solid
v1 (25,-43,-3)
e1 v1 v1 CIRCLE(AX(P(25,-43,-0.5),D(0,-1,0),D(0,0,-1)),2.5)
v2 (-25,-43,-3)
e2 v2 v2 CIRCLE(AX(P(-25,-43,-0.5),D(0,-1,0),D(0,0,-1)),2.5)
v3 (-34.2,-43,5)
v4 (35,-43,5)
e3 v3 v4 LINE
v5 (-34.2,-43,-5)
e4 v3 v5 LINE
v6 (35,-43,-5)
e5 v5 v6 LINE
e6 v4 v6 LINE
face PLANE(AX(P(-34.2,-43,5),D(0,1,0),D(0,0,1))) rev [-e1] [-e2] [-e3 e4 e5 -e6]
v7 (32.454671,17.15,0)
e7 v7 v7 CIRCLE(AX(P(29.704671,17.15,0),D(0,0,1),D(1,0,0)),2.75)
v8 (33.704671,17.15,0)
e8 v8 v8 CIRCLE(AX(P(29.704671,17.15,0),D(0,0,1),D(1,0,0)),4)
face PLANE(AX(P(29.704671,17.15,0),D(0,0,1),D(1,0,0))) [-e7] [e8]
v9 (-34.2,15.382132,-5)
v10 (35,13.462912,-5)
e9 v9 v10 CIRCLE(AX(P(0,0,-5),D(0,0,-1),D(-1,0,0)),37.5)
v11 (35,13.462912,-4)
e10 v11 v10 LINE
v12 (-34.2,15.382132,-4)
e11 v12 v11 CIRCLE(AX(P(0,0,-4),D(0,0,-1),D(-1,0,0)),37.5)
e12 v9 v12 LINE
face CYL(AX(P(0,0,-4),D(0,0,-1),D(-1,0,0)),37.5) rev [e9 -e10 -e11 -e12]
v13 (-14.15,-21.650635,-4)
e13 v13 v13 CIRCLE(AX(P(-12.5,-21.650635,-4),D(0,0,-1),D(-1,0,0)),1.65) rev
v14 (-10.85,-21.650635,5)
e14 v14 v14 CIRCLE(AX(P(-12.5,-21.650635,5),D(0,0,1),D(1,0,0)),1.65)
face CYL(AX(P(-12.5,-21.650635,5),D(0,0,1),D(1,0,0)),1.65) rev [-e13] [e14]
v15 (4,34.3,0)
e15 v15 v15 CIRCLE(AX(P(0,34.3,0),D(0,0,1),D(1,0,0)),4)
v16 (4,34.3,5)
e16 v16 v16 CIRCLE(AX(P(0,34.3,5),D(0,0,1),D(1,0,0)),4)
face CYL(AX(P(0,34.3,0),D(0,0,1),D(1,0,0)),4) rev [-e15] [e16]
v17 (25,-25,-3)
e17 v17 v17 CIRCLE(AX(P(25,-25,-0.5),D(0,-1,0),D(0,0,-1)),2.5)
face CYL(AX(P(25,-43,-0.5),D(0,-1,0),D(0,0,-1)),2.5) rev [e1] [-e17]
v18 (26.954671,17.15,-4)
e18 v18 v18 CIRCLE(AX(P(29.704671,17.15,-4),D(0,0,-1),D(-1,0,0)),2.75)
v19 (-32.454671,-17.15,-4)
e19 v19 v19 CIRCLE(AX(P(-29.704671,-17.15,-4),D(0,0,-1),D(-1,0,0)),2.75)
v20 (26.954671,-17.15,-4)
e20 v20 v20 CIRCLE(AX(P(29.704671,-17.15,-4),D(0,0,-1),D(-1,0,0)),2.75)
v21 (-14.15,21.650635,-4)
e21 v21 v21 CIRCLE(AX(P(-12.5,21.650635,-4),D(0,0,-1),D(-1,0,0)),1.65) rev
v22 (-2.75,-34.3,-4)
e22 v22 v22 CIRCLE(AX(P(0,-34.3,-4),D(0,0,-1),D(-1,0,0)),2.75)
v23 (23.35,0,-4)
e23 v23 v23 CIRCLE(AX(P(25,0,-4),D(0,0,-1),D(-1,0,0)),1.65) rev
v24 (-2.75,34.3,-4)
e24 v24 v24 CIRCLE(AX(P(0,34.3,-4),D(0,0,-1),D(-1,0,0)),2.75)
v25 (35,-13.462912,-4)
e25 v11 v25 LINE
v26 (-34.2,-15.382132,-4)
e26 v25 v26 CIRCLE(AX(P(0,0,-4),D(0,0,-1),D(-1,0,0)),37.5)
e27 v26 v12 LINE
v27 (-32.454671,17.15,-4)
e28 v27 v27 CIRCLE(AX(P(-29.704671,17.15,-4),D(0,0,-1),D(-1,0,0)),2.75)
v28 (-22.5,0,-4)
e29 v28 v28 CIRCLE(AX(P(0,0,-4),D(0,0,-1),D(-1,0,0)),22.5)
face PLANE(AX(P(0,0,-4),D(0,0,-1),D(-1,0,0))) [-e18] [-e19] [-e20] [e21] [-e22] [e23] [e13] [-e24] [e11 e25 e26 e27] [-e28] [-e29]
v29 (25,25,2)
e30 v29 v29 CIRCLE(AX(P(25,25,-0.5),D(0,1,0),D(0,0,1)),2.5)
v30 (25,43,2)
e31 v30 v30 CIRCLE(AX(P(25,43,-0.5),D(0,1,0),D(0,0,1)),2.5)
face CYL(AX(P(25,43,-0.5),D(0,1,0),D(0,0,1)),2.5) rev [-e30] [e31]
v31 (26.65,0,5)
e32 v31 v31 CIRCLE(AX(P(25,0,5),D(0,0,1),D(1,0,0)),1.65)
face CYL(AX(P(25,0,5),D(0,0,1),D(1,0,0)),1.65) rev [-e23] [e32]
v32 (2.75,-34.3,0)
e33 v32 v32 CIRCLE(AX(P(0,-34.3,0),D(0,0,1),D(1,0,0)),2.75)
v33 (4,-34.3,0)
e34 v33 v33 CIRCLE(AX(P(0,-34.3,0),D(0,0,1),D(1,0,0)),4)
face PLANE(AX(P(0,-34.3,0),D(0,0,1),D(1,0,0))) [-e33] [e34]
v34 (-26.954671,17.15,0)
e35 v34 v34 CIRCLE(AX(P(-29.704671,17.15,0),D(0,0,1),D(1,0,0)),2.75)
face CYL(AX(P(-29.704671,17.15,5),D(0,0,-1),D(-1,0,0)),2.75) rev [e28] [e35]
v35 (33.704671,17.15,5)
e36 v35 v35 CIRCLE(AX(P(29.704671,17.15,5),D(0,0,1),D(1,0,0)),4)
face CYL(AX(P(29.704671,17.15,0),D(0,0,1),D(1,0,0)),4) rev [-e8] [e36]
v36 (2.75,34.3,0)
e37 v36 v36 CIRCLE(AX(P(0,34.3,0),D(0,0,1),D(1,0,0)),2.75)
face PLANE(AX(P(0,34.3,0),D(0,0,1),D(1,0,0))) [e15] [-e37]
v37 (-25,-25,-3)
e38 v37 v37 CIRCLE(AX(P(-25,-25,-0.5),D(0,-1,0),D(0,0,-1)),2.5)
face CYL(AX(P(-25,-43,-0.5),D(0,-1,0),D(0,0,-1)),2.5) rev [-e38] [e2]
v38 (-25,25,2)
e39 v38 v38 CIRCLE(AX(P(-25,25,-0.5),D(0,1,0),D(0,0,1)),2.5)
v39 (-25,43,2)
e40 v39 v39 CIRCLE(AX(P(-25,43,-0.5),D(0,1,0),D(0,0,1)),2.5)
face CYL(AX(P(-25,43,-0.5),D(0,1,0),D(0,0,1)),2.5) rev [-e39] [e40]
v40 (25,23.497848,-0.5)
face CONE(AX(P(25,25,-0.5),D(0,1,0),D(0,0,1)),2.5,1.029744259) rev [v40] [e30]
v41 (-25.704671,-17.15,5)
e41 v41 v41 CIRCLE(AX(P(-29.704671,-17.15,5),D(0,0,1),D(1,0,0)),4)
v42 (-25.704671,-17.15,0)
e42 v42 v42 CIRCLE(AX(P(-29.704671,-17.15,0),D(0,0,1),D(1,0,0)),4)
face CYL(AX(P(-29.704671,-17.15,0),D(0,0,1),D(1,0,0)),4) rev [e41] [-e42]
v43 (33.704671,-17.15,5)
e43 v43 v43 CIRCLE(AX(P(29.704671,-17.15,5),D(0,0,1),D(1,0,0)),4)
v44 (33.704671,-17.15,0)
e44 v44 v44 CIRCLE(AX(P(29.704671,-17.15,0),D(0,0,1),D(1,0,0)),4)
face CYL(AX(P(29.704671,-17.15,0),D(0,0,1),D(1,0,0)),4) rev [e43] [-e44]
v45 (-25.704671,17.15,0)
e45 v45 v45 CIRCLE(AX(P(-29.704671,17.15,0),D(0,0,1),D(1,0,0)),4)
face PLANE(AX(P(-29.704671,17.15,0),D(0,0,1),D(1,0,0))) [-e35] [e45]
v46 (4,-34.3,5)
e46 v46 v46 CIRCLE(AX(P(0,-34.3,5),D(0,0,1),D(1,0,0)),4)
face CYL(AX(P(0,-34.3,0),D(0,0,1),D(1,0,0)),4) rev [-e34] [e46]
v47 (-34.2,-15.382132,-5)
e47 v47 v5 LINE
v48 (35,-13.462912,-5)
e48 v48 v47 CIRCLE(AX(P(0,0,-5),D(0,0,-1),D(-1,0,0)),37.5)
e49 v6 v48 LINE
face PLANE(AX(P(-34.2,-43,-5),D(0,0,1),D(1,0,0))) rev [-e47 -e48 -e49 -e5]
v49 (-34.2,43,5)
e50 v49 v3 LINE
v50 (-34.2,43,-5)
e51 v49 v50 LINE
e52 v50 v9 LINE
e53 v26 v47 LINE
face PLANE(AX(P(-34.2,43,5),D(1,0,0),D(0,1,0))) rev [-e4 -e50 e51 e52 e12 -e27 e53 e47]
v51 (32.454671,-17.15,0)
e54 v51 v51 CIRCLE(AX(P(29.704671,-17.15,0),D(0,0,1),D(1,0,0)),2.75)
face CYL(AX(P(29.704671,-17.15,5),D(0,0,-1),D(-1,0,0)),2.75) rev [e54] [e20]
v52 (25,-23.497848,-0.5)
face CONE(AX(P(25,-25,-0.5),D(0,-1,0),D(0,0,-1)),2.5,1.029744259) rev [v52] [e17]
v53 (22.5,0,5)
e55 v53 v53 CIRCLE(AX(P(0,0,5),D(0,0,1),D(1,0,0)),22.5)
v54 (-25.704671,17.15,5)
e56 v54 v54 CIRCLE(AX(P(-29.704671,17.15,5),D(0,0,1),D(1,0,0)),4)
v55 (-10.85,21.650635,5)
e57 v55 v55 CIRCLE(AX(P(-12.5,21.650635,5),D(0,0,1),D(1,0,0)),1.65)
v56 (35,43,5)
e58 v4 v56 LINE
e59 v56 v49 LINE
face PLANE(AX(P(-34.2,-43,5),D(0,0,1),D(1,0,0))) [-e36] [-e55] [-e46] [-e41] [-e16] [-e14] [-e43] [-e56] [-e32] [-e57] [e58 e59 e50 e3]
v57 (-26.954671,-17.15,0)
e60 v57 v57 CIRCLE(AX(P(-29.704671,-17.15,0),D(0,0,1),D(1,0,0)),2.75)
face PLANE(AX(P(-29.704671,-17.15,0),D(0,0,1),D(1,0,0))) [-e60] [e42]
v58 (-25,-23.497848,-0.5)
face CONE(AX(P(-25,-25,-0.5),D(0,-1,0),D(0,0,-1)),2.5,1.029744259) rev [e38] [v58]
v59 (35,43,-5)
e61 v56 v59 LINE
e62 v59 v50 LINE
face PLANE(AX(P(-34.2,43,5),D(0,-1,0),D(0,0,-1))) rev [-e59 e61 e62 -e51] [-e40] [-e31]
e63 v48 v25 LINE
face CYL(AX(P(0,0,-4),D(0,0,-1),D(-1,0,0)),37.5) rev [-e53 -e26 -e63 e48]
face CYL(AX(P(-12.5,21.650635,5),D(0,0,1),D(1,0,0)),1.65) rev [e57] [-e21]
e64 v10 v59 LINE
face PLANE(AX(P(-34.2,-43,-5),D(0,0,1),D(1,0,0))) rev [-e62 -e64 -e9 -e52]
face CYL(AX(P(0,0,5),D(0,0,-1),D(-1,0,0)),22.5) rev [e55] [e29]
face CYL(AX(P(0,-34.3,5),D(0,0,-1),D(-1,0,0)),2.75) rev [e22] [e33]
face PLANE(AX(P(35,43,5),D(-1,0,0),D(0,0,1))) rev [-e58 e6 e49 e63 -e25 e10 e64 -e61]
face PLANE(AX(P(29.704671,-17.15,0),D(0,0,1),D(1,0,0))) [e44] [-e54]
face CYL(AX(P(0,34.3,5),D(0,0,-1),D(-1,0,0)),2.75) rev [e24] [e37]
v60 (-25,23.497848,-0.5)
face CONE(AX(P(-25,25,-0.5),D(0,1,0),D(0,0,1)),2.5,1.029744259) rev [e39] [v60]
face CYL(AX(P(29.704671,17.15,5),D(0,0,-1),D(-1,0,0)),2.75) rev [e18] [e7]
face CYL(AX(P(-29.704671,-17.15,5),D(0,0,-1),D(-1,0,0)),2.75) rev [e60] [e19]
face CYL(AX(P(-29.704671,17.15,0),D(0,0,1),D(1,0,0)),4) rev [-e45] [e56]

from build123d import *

# Parameters (mm, degrees)
CROQUIS1_W                = 69.2
CROQUIS1_H                = 86
CROQUIS1_R                = 22.5
CROQUIS1_R_2              = 2.75
SALIENTE_EXTRUIR1_DEPTH   = 5
CROQUIS8_R                = 4
CORTAR_EXTRUIR3_DEPTH     = 5
TALADRO_ROSCADO_M42_D     = 3.3
TALADRO_ROSCADO_M62_D     = 5
TALADRO_ROSCADO_M62_DEPTH = 18
TALADRO_ROSCADO_M62_TIP   = 1.502151548
TALADRO_ROSCADO_M63_D     = 5
TALADRO_ROSCADO_M63_DEPTH = 18
TALADRO_ROSCADO_M63_TIP   = 1.502151548
CROQUIS15_R               = 37.5
CORTAR_EXTRUIR4_DEPTH     = 1


with BuildPart() as part:
    # Croquis1 → Saliente-Extruir1 (new body, symmetric)
    with BuildSketch(Plane.XY):
        with Locations((0.4, 0)):
            Rectangle(CROQUIS1_W, CROQUIS1_H)
        Circle(CROQUIS1_R, mode=Mode.SUBTRACT)
        with Locations((0, 34.3)):
            Circle(CROQUIS1_R_2, mode=Mode.SUBTRACT)
        with Locations((29.70467135, 17.15)):
            Circle(CROQUIS1_R_2, mode=Mode.SUBTRACT)
        with Locations((29.70467135, -17.15)):
            Circle(CROQUIS1_R_2, mode=Mode.SUBTRACT)
        with Locations((0, -34.3)):
            Circle(CROQUIS1_R_2, mode=Mode.SUBTRACT)
        with Locations((-29.70467135, -17.15)):
            Circle(CROQUIS1_R_2, mode=Mode.SUBTRACT)
        with Locations((-29.70467135, 17.15)):
            Circle(CROQUIS1_R_2, mode=Mode.SUBTRACT)
    extrude(amount=SALIENTE_EXTRUIR1_DEPTH, both=True)

    # Croquis8 → Cortar-Extruir3 (cut)
    with BuildSketch(Plane.XY.offset(5)):
        with Locations((-29.70467135, 17.15)):
            Circle(CROQUIS8_R)
        with Locations((0, 34.3)):
            Circle(CROQUIS8_R)
        with Locations((29.70467135, 17.15)):
            Circle(CROQUIS8_R)
        with Locations((29.70467135, -17.15)):
            Circle(CROQUIS8_R)
        with Locations((0, -34.3)):
            Circle(CROQUIS8_R)
        with Locations((-29.70467135, -17.15)):
            Circle(CROQUIS8_R)
    extrude(amount=-CORTAR_EXTRUIR3_DEPTH, mode=Mode.SUBTRACT)

    # Taladro roscado M42 (through all)
    with Locations(Plane.XY.offset(5)):
        with Locations((-12.5, 21.650635095), (-12.5, -21.650635095), (25, 0)):
            Hole(TALADRO_ROSCADO_M42_D / 2)

    # Taladro roscado M62
    with Locations(Plane(origin=(0, 43, 0), x_dir=(-1, 0, 0), z_dir=(0, 1, 0))):
        with Locations((25, -0.5), (-25, -0.5)):
            Hole(TALADRO_ROSCADO_M62_D / 2, depth=TALADRO_ROSCADO_M62_DEPTH)
            with Locations((0, 0, -(TALADRO_ROSCADO_M62_DEPTH + TALADRO_ROSCADO_M62_TIP / 2))):  # 118° drill point
                Cone(0, TALADRO_ROSCADO_M62_D / 2, TALADRO_ROSCADO_M62_TIP, mode=Mode.SUBTRACT)

    # Taladro roscado M63
    with Locations(Plane.XZ.offset(43)):
        with Locations((-25, -0.5), (25, -0.5)):
            Hole(TALADRO_ROSCADO_M63_D / 2, depth=TALADRO_ROSCADO_M63_DEPTH)
            with Locations((0, 0, -(TALADRO_ROSCADO_M63_DEPTH + TALADRO_ROSCADO_M63_TIP / 2))):  # 118° drill point
                Cone(0, TALADRO_ROSCADO_M63_D / 2, TALADRO_ROSCADO_M63_TIP, mode=Mode.SUBTRACT)

    # Croquis15 → Cortar-Extruir4 (cut)
    with BuildSketch(Plane(origin=(0, 0, -5), x_dir=(-1, 0, 0), z_dir=(0, 0, -1))):
        Circle(CROQUIS15_R)
    extrude(amount=-CORTAR_EXTRUIR4_DEPTH, mode=Mode.SUBTRACT)


solid = part.part
